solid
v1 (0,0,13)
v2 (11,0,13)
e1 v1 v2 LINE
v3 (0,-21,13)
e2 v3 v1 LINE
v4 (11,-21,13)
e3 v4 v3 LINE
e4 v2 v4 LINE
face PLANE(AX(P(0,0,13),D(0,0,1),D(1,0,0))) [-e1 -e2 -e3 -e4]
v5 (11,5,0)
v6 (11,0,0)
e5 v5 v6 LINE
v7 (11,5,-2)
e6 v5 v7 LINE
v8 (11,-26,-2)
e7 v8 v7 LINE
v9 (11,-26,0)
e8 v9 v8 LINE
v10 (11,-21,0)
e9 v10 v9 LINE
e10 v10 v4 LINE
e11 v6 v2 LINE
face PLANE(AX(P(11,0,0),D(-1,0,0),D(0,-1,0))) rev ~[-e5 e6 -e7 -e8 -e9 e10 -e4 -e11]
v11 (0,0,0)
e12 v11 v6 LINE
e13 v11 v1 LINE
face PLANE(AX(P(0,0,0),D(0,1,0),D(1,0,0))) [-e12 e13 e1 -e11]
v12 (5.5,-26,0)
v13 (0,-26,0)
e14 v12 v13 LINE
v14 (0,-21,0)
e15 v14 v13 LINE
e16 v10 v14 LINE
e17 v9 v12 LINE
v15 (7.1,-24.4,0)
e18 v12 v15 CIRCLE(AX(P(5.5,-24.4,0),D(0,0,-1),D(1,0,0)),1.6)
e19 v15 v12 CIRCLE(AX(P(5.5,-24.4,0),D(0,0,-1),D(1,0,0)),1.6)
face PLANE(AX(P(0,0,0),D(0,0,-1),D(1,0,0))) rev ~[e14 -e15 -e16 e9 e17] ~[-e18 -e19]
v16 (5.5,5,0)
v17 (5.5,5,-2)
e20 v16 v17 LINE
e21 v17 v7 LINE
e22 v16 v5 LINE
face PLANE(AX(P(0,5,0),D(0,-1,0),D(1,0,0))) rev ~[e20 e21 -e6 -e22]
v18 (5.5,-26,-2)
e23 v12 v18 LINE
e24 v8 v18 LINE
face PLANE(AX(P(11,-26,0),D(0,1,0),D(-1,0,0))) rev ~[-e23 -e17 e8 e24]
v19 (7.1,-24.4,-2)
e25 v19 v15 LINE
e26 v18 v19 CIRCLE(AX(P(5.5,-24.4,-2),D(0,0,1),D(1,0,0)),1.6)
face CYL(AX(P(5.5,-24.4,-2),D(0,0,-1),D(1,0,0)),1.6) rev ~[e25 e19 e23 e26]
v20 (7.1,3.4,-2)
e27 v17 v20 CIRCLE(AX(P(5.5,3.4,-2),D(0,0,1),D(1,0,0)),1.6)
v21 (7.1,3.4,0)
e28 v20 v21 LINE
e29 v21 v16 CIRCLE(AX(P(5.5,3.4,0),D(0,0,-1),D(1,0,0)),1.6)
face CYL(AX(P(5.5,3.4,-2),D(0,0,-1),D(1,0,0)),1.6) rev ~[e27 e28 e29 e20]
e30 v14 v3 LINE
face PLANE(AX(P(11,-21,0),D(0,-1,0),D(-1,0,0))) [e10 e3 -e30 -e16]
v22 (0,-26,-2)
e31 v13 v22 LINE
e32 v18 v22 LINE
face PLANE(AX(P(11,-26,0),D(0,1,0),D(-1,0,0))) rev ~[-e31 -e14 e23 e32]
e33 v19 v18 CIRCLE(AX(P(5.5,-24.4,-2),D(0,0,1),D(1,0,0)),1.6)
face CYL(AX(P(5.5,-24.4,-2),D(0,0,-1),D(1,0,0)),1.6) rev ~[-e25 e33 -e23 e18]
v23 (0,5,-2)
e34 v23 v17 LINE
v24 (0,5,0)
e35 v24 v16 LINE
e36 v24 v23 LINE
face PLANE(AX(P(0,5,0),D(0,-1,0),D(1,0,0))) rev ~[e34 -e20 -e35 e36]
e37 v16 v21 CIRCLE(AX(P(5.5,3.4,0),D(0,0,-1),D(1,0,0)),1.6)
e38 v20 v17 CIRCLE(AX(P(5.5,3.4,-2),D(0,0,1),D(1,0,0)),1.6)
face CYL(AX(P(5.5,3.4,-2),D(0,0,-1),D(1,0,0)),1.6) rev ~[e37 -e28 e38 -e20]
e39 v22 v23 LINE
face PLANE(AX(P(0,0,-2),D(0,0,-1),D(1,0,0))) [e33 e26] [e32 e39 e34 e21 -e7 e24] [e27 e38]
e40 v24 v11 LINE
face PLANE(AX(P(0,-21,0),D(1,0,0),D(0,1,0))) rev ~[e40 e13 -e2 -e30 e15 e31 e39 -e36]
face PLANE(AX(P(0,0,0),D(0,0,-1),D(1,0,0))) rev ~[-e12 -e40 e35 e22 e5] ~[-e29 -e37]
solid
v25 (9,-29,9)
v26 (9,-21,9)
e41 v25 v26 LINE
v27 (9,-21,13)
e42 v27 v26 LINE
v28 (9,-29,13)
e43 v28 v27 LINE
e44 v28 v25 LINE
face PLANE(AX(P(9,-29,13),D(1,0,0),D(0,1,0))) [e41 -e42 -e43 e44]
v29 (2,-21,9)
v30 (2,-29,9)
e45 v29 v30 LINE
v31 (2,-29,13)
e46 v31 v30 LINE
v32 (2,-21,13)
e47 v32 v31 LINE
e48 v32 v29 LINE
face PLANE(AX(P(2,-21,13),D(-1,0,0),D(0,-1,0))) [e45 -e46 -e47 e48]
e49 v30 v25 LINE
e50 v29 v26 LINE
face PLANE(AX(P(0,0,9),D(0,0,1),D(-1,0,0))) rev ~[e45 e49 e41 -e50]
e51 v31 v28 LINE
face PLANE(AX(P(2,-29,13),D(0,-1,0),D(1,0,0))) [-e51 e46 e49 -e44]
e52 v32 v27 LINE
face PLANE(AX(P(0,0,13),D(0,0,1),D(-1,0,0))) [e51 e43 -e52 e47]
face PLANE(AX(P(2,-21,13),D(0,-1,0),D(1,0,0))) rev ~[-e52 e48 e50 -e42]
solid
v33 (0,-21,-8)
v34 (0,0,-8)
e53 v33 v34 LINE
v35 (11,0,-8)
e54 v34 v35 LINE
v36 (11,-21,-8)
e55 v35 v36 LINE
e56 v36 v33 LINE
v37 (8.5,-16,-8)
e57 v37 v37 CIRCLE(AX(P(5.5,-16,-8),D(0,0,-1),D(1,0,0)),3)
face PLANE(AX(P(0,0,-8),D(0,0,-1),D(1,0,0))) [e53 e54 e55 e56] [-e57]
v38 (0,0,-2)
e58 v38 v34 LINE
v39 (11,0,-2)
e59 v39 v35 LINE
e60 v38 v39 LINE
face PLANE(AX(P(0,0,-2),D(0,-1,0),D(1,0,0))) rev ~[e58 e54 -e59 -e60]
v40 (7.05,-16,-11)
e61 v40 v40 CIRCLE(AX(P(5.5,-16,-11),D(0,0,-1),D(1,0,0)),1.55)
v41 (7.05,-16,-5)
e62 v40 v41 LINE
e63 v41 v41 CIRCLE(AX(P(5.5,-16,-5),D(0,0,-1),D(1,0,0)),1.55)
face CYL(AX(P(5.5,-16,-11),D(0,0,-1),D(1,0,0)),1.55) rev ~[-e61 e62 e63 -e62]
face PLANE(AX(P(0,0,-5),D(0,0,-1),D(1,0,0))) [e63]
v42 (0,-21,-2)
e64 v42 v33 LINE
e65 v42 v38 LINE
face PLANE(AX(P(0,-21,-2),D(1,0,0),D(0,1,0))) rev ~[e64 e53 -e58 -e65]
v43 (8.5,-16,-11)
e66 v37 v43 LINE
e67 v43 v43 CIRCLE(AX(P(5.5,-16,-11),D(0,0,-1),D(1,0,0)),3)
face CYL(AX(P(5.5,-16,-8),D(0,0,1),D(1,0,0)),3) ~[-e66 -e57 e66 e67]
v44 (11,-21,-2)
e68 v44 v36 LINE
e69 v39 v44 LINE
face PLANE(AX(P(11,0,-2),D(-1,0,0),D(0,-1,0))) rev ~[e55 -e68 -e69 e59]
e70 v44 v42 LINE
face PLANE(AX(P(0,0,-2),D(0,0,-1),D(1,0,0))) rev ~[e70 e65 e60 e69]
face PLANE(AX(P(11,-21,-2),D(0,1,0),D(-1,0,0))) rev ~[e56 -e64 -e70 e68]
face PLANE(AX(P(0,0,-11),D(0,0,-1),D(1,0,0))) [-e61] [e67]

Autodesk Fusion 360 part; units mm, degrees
sketch "Sketch1" plane through (0, 0, 0) normal (0, 0, 1) x (1, 0, 0)
  line L0 (0, 0) -> (11, 0)
  line L1 (11, 0) -> (11, -21)
  line L2 (11, -21) -> (0, -21)
  line L3 (0, -21) -> (0, 0)
extrude "Extrude1" add sketch "Sketch1" along normal blind 13 makes body 1
sketch "Sketch2" plane through (0, 0, 0) normal (0, 0, -1) x (1, 0, 0)
  line L0 (11, 21) -> (0, 21)
  line L1 (0, 21) -> (0, 0)
  line L2 (0, 0) -> (11, 0)
  line L3 (11, 0) -> (11, 21)
  line L4 (0, -5) -> (11, -5)
  line L5 (11, -5) -> (11, 26)
  line L6 (11, 26) -> (0, 26)
  line L7 (0, 26) -> (0, -5)
  dimension "d3" = 11
extrude "Extrude2" add sketch "Sketch2" along normal blind 2 bodies 1
sketch "Sketch3" plane through (0, 0, -2) normal (0, 0, -1) x (1, 0, 0)
  line L0 (0, 26) -> (0, -5)
  line L1 (0, -5) -> (11, -5)
  line L2 (11, -5) -> (11, 26)
  line L3 (11, 26) -> (0, 26)
  circle A0 centre (5.5, -3.4) radius 1.6
  circle A1 centre (5.5, 24.4) radius 1.6
  dimension "d6" = 3.2
  dimension "d7" = 5.5
  dimension "d8" = 5.5
  dimension "d9" = 1.6
  dimension "d10" = 1.6
  dimension "d11" = 3.2
extrude "Extrude3" cut sketch "Sketch3" against normal blind 2 contours A0 | A1 bodies 1
sketch "Sketch4" plane through (0, 0, -2) normal (0, 0, -1) x (1, 0, 0)
  line L0 (0, 26) -> (0, -5)
  line L1 (0, -5) -> (5.5, -5)
  circle A0 centre (5.5, -3.4) radius 1.6
  line L2 (5.5, -5) -> (11, -5)
  line L3 (11, -5) -> (11, 26)
  line L4 (11, 26) -> (5.5, 26)
  circle A1 centre (5.5, 24.4) radius 1.6
  line L5 (5.5, 26) -> (0, 26)
  line L6 (0, 0) -> (11, 0)
  line L7 (11, 0) -> (11, 21)
  line L8 (11, 21) -> (0, 21)
  line L9 (0, 21) -> (0, 0)
extrude "Extrude4" add sketch "Sketch4" along normal blind 6 separate body contours L0 L3 L6 L7 L8 L9 makes body 2
sketch "Sketch5" plane through (0, 0, -8) normal (0, 0, -1) x (1, 0, 0)
  line L0 (0, 21) -> (0, 0)
  line L1 (0, 0) -> (11, 0)
  line L2 (11, 0) -> (11, 21)
  line L3 (11, 21) -> (0, 21)
  circle A0 centre (5.5, 16) radius 3
  dimension "d16" = 6
  dimension "d17" = 5
extrude "Extrude5" add sketch "Sketch5" along normal blind 3 contours A0 bodies 2
sketch "Sketch6" plane through (0, 0, -11) normal (0, 0, -1) x (1, 0, 0)
  circle A0 centre (5.5, 16) radius 3
  circle A1 centre (5.5, 16) radius 1.55
  dimension "d20" = 3.1
extrude "Extrude6" cut sketch "Sketch6" against normal blind 6 contours A1 bodies 2
sketch "Sketch7" plane through (0, 0, 13) normal (0, 0, 1) x (-1, 0, 0)
  line L0 (0, 21) -> (-11, 21)
  line L1 (-11, 21) -> (-11, 0)
  line L2 (-11, 0) -> (0, 0)
  line L3 (0, 0) -> (0, 21)
  line L4 (-9, 21) -> (-2, 21)
  line L5 (-2, 21) -> (-2, 29)
  line L6 (-2, 29) -> (-9, 29)
  line L7 (-9, 29) -> (-9, 21)
  dimension "d23" = 2
extrude "Extrude7" add sketch "Sketch7" against normal blind 4 separate body contours L0 L4 L5 L6 L7 makes body 3
